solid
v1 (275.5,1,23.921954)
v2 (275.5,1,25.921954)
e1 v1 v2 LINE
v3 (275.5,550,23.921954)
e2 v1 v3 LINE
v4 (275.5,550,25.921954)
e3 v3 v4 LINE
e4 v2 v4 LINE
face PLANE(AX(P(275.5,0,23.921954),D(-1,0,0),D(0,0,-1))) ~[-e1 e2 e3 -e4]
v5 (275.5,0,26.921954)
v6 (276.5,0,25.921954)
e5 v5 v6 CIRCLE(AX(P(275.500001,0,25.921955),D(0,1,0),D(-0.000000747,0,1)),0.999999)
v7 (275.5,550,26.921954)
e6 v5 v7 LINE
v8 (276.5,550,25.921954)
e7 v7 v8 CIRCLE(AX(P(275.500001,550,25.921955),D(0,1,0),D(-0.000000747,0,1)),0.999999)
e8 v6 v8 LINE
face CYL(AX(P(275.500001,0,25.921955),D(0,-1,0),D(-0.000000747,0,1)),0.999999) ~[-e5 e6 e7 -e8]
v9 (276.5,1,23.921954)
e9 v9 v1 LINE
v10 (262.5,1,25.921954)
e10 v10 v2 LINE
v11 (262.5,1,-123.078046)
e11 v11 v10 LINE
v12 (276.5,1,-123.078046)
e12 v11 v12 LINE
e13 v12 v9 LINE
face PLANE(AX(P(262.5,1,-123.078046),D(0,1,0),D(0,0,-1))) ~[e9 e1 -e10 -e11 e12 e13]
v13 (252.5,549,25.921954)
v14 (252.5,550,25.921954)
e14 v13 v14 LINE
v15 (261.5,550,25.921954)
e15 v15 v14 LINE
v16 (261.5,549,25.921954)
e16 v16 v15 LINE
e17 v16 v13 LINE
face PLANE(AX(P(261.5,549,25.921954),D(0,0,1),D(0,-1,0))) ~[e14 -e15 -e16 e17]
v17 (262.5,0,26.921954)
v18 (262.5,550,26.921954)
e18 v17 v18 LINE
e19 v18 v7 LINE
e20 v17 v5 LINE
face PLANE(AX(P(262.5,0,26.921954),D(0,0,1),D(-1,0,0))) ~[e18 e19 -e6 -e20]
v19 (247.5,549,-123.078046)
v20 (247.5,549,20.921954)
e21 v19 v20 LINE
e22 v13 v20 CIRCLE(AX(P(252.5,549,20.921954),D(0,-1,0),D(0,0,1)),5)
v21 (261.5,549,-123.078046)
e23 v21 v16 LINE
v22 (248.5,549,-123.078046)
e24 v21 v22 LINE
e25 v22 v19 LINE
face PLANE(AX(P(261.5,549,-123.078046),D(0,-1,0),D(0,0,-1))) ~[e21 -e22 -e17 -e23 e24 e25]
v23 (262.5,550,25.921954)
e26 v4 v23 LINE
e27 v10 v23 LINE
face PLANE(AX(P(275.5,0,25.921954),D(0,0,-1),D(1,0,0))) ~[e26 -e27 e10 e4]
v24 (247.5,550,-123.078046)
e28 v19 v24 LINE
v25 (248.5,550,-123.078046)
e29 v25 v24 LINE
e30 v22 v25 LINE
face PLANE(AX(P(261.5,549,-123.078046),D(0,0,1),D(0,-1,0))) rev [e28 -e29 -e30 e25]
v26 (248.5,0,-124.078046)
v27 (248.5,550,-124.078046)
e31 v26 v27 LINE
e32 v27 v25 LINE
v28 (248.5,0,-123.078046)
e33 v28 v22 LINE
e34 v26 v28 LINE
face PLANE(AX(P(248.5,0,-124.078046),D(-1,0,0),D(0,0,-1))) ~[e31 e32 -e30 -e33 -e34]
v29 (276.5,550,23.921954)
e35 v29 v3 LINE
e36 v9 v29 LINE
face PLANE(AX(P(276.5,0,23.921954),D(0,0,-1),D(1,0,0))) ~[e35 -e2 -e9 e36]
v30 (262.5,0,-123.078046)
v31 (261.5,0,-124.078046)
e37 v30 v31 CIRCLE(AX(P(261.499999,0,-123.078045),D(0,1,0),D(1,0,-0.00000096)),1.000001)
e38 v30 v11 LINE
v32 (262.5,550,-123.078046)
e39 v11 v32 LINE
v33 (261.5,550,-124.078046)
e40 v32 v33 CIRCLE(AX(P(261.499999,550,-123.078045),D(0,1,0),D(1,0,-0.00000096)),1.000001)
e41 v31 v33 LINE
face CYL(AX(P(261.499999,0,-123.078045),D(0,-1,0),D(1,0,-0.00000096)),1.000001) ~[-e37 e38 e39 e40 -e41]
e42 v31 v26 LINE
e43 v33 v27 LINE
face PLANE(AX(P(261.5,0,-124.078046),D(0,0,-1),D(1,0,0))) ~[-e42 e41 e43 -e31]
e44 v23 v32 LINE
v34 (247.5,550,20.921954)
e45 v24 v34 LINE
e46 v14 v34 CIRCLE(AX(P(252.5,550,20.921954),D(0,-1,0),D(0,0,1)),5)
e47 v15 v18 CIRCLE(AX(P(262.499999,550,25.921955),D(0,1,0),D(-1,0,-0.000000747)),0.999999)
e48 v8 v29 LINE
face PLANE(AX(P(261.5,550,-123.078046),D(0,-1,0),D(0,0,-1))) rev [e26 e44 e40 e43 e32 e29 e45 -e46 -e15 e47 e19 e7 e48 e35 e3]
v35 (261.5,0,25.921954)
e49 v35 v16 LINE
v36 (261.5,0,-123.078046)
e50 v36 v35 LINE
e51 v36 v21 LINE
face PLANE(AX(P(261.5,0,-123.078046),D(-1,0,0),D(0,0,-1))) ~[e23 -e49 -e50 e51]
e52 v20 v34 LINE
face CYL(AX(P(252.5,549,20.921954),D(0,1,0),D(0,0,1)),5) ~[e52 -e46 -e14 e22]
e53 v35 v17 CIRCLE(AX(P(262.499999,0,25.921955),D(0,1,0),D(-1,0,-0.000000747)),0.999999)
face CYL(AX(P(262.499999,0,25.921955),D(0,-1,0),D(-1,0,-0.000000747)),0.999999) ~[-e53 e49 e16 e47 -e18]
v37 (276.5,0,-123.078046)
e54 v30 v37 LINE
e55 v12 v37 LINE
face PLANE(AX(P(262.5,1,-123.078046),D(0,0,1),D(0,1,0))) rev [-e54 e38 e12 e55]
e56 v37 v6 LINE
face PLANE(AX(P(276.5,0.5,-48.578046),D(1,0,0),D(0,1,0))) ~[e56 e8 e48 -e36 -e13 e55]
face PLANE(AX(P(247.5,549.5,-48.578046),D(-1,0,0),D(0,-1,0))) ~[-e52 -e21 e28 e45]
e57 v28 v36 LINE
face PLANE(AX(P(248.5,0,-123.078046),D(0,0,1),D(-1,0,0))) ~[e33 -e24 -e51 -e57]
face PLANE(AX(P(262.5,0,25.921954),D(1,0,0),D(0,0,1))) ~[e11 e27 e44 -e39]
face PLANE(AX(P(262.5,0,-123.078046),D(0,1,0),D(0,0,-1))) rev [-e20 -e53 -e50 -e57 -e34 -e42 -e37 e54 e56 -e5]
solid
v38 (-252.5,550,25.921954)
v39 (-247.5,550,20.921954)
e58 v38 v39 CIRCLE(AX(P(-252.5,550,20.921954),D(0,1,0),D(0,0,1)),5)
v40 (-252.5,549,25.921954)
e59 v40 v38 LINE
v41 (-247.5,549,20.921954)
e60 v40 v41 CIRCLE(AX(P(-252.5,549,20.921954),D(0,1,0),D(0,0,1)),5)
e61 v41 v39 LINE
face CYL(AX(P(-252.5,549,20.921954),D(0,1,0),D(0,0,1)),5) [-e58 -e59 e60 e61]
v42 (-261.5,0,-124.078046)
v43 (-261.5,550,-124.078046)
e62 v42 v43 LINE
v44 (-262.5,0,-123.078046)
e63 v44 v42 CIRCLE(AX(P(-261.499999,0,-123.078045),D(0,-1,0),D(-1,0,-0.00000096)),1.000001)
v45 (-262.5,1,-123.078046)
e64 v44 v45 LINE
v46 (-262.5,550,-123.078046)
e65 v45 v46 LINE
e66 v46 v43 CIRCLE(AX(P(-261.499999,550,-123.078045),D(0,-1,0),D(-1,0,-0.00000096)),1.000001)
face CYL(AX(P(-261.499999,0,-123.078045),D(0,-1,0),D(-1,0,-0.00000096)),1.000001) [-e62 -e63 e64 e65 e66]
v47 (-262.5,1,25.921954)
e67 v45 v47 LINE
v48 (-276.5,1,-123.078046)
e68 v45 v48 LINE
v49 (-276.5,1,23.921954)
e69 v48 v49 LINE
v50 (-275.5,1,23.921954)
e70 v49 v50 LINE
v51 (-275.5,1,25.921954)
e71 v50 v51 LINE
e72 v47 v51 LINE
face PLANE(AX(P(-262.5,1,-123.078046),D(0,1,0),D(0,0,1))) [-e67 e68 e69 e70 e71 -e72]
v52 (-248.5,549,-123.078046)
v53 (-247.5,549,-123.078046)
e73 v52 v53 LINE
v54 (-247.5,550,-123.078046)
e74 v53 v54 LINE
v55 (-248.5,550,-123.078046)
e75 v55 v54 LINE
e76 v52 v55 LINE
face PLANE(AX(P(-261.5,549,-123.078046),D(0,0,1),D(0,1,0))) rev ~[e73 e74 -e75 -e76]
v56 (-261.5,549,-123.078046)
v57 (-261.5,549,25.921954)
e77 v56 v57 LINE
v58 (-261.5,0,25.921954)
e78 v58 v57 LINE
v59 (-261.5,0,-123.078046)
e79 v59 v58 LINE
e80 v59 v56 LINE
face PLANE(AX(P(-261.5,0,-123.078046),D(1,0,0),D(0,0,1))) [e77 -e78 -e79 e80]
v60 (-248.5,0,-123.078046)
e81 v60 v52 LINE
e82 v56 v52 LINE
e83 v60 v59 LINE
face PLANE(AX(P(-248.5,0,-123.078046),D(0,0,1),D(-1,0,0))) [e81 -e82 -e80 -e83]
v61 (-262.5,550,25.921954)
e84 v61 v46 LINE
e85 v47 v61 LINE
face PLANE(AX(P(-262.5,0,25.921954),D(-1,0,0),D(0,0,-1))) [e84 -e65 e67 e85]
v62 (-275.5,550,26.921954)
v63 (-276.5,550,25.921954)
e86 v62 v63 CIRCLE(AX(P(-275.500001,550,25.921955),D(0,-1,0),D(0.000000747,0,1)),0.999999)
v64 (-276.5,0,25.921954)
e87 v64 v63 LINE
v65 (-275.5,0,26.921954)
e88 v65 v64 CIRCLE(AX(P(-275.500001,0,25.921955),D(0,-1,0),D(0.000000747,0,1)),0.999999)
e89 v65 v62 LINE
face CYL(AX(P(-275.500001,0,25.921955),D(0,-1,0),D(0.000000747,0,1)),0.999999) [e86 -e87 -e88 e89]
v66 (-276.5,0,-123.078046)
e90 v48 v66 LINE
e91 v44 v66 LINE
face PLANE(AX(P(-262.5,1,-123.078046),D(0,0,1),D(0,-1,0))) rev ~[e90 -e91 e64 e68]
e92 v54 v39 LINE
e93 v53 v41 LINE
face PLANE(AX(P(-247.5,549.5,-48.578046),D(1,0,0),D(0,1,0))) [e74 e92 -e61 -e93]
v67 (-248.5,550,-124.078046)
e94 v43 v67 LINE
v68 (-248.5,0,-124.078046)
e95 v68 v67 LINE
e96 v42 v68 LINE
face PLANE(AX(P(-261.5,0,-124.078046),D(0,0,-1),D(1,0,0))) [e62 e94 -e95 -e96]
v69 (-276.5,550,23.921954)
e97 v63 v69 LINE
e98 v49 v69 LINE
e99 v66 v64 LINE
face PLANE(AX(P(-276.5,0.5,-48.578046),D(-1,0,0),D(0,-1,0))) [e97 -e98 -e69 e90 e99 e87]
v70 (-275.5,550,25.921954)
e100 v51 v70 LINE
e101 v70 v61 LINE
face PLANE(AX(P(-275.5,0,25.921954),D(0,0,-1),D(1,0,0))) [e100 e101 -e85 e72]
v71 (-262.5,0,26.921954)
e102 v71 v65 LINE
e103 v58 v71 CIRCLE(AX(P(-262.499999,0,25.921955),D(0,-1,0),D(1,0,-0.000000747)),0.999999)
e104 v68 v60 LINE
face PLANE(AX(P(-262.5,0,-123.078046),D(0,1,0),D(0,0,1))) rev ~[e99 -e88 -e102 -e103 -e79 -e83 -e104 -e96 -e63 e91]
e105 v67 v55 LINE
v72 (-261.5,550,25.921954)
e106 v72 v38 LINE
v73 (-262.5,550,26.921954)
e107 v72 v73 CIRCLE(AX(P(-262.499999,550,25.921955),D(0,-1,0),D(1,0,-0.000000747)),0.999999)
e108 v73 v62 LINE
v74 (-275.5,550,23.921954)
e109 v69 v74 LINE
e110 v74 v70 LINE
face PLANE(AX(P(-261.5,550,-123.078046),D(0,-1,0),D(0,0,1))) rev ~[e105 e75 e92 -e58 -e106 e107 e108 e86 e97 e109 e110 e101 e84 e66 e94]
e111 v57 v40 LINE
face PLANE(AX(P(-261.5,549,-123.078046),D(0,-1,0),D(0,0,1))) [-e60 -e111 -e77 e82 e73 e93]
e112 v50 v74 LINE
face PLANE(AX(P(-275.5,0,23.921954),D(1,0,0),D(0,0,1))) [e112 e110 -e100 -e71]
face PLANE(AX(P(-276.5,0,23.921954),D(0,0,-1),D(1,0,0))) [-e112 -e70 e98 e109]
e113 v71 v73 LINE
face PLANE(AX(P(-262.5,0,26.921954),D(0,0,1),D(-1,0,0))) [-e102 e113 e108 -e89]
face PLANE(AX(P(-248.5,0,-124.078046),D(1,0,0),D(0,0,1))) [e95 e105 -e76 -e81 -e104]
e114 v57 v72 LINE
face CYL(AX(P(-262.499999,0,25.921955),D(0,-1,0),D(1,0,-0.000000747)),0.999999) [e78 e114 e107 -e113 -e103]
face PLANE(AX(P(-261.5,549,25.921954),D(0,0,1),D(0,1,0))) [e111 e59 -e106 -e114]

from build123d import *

# Parameters (mm, degrees)
F1_DEPTH = 550
F2_W     = 1
F2_H     = 149
F3_DEPTH = 14
F4_R     = 5
F5_W     = 1
F5_H     = 149
F6_DEPTH = 14
F7_DEPTH = 14


with BuildPart() as f1:
    # F0 (on Front) → F1 (new body)
    with BuildSketch(Plane.XZ):
        with BuildLine():
            Line((-275.5, 23.921954), (-275.5, 25.921954))
            Line((-275.5, 25.921954), (-262.5, 25.921954))
            Line((-262.5, 25.921954), (-262.5, -123.078046))
            ThreePointArc((-262.5, -123.078046), (-262.207107, -123.785152), (-261.5, -124.078046))
            Line((-261.5, -124.078046), (-248.5, -124.078046))
            Line((-248.5, -124.078046), (-248.5, -123.078046))
            Line((-248.5, -123.078046), (-261.5, -123.078046))
            Line((-261.5, -123.078046), (-261.5, 25.921954))
            ThreePointArc((-261.5, 25.921954), (-261.792893, 26.629061), (-262.5, 26.921954))
            Line((-262.5, 26.921954), (-275.5, 26.921954))
            ThreePointArc((-275.5, 26.921954), (-276.207107, 26.629061), (-276.5, 25.921954))
            Line((-276.5, 25.921954), (-276.5, 23.921954))
            Line((-276.5, 23.921954), (-275.5, 23.921954))
        make_face()
    extrude(amount=-F1_DEPTH)

    # F2 (on face) → F3 (join)
    with BuildSketch(Plane.YZ.offset(-261.5)):
        with Locations((549.5, -48.578046)):
            Rectangle(F2_W, F2_H)
    extrude(amount=F3_DEPTH)

    # F4
    f4_edges = [f1.edges().sort_by_distance(p)[0] for p in [
        (-247.5, 549.5, 25.921954),
    ]]
    fillet(f4_edges, radius=F4_R)

    # F5 (on face) → F6 (join)
    with BuildSketch(Plane(origin=(-262.5, 0, 0), x_dir=(0, -1, 0), z_dir=(-1, 0, 0))):
        with Locations((-0.5, -48.578046)):
            Rectangle(F5_W, F5_H)
    extrude(amount=F6_DEPTH)

    # F5 (on face) → F7 (join)
    with BuildSketch(Plane(origin=(-262.5, 0, 0), x_dir=(0, -1, 0), z_dir=(-1, 0, 0))):
        with Locations((-0.5, -48.578046)):
            Rectangle(F5_W, F5_H)
    extrude(amount=F7_DEPTH)


with BuildPart() as f8_1:
    # F8: instance of F1
    add(f1.part.mirror(Plane.YZ))


solid = Compound([f1.part, f8_1.part])
